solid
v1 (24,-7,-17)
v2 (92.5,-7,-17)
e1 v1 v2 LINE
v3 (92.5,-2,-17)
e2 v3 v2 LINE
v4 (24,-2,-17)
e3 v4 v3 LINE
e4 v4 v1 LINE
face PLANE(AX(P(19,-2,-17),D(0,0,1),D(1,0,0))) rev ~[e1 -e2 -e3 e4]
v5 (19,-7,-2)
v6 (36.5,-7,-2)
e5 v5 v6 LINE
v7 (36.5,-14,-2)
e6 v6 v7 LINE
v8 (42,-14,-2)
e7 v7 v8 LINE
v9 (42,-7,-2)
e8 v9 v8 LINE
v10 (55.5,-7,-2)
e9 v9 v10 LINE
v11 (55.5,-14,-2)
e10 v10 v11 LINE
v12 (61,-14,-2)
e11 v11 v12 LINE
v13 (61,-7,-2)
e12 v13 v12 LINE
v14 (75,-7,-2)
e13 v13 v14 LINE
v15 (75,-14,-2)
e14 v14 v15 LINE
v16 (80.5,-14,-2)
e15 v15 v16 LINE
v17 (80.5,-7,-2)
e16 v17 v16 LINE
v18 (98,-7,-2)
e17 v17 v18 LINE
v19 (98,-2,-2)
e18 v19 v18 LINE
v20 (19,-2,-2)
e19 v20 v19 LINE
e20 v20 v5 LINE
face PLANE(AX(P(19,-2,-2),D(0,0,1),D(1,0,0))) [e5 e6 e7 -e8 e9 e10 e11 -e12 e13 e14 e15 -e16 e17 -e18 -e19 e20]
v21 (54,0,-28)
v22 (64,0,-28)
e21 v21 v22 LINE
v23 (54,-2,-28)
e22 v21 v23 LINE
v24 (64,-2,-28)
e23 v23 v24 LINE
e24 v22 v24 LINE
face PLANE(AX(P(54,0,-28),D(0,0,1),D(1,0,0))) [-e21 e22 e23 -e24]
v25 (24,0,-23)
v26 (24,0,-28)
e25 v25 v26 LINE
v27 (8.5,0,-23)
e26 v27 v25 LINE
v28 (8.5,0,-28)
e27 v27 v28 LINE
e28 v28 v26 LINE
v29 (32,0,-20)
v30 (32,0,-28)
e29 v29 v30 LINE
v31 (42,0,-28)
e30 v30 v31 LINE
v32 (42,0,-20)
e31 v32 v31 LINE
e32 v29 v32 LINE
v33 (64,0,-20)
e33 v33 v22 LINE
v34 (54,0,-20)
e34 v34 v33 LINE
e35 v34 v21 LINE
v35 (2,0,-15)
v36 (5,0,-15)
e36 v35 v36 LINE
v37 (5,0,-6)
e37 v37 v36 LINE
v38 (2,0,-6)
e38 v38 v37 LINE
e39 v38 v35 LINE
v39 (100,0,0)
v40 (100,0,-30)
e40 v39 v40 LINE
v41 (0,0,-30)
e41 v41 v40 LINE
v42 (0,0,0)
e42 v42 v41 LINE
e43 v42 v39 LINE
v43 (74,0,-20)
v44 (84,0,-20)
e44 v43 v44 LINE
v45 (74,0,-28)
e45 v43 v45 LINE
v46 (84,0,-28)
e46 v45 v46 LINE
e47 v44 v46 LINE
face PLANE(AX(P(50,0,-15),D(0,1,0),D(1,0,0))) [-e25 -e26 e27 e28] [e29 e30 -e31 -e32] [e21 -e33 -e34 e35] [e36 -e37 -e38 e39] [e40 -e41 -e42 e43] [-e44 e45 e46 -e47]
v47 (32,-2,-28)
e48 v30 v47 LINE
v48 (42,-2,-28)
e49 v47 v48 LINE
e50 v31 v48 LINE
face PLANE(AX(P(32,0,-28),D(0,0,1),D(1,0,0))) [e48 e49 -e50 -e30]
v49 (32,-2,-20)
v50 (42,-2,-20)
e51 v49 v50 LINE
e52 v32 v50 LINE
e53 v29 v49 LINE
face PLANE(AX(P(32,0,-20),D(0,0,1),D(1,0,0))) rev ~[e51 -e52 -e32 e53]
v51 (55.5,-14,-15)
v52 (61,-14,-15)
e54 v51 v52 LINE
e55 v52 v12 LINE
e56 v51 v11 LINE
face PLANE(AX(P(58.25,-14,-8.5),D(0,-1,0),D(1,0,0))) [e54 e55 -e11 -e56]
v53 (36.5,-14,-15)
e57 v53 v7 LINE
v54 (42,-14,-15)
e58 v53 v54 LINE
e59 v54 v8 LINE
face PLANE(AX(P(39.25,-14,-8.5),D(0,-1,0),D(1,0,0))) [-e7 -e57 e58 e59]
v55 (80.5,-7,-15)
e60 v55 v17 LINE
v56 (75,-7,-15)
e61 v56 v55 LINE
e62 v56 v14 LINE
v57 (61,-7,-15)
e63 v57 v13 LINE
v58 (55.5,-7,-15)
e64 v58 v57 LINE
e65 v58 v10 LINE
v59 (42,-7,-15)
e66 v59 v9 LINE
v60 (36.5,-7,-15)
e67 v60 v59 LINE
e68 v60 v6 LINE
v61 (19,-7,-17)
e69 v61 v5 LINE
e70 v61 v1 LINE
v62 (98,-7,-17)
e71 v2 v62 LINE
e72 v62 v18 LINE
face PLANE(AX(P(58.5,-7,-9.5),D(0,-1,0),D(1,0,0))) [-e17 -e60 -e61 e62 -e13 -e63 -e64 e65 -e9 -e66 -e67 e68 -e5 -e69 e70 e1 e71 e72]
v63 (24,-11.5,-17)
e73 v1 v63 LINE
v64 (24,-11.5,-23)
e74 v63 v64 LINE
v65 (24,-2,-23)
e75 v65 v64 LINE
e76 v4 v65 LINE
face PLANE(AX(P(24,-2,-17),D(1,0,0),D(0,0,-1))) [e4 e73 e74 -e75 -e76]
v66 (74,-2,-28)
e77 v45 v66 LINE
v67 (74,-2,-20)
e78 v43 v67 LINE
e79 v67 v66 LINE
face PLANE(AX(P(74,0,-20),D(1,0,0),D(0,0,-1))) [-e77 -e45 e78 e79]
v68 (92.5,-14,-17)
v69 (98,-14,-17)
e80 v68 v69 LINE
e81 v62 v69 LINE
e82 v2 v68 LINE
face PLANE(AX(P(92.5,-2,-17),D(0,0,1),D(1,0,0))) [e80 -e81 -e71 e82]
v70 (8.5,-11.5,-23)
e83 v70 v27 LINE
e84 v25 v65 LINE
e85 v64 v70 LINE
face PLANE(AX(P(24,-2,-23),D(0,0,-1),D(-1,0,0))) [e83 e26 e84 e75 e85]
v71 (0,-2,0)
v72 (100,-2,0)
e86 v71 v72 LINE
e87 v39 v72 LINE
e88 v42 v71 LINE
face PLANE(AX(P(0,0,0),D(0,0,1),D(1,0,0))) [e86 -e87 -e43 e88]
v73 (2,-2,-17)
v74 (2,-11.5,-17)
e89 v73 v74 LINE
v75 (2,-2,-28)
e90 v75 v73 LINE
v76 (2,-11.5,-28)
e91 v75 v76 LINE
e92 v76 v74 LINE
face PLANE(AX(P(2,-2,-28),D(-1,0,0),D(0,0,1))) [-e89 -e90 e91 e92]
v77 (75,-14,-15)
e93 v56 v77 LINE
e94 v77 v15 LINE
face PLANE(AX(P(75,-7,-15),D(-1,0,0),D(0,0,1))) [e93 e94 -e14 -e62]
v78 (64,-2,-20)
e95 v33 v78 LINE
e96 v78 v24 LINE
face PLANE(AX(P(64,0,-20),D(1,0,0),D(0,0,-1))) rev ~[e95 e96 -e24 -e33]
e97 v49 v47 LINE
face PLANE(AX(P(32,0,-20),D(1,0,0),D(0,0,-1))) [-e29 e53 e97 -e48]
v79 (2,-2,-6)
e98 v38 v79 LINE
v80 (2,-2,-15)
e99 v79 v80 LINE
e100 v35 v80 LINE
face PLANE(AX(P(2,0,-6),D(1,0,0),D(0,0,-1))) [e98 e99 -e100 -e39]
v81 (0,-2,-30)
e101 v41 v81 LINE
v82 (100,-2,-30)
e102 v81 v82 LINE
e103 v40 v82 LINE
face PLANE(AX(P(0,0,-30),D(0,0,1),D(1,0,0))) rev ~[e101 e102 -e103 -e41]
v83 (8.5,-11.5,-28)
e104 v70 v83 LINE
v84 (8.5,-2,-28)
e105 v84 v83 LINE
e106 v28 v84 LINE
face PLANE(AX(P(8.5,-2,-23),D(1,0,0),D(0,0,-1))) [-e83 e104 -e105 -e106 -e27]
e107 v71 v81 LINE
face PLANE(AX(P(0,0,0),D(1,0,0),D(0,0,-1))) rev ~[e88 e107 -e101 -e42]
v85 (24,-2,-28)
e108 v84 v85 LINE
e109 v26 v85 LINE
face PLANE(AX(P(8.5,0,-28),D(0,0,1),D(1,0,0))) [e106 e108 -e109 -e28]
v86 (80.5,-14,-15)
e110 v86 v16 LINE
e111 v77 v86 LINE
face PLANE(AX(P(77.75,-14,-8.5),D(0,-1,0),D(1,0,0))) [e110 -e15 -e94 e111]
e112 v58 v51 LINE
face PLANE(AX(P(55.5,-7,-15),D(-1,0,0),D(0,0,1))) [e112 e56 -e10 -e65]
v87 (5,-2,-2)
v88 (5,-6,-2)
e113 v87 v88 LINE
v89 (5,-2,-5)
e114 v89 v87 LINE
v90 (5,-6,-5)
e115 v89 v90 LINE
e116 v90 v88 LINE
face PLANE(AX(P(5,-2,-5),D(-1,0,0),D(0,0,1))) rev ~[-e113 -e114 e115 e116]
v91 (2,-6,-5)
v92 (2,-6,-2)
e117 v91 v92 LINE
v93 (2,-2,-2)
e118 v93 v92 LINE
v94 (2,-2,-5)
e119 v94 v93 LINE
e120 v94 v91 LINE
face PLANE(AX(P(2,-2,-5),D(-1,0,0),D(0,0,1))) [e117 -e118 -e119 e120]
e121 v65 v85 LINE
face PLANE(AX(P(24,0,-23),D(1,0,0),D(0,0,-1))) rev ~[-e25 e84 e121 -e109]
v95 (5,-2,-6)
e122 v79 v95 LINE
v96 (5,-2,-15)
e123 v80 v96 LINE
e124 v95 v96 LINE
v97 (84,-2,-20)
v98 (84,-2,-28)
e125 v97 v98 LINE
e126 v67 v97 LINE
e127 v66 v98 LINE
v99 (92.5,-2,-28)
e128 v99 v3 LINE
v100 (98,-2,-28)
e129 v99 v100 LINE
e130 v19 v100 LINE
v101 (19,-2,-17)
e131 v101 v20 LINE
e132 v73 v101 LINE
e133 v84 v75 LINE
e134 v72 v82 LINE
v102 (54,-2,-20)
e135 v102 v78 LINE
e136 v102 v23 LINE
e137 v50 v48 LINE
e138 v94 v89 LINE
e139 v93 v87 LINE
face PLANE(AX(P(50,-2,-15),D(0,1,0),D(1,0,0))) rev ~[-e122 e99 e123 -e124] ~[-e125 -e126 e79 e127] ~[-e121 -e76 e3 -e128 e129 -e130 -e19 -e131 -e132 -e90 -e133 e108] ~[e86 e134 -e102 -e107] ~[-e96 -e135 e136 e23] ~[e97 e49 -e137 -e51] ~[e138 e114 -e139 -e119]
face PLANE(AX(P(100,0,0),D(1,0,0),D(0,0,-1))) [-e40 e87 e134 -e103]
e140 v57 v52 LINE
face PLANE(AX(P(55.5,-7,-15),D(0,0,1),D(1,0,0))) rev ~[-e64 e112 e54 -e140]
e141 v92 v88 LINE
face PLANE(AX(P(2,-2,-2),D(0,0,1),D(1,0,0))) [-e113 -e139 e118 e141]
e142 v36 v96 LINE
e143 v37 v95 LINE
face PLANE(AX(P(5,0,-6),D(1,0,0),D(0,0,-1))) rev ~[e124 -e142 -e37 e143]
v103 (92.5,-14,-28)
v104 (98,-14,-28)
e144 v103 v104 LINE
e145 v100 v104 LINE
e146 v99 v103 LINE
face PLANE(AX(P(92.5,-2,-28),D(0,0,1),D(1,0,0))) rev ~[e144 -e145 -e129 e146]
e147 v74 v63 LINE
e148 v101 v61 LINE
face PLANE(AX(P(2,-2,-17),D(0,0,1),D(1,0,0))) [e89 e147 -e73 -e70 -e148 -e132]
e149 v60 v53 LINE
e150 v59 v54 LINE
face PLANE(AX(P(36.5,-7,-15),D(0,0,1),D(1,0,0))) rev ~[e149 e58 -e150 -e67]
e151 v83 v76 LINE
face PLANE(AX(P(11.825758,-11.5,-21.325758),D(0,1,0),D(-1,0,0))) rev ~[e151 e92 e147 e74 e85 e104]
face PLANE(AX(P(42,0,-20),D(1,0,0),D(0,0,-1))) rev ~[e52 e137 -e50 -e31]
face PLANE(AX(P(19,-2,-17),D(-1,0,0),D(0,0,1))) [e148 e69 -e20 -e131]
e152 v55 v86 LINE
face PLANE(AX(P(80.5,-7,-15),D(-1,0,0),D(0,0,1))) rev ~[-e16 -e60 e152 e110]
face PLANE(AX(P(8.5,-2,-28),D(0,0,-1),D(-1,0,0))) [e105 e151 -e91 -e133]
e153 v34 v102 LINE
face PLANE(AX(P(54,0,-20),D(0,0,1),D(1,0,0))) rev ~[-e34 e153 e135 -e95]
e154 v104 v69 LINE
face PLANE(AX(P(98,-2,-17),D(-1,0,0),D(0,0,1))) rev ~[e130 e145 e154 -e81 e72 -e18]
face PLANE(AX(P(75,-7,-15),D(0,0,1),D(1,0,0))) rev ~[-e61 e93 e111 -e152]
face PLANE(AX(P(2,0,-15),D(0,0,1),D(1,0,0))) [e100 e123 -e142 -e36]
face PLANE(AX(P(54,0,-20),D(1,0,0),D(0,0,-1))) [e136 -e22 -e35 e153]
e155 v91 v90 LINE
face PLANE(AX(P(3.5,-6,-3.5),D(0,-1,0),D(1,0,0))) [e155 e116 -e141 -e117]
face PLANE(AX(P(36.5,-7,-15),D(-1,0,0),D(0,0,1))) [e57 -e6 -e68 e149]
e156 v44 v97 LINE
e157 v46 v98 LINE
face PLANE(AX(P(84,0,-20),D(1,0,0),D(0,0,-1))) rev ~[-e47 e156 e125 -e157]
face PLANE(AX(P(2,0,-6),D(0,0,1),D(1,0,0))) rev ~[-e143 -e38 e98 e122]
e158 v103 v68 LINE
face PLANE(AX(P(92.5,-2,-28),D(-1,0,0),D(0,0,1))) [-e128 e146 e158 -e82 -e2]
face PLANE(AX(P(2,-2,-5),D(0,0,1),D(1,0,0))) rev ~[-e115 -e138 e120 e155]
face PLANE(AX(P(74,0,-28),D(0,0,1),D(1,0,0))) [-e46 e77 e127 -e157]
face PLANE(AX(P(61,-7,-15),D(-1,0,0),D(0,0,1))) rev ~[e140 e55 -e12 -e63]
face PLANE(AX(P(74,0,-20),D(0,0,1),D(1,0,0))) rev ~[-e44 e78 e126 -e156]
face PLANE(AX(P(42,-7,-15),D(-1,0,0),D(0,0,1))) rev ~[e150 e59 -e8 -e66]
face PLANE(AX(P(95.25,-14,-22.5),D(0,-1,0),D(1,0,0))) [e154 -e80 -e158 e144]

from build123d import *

# Parameters (mm, degrees)
SKETCH1_W            = 100
SKETCH1_H            = 30
SKETCH1_W_2          = 3
SKETCH1_H_2          = 9
SKETCH1_W_3          = 10
SKETCH1_H_3          = 8
SKETCH1_W_4          = 15.5
SKETCH1_H_4          = 5
BOSS_EXTRUDE3_DEPTH  = 2
SKETCH2_W            = 5.5
SKETCH2_H            = 11
BOSS_EXTRUDE4_DEPTH  = 12
BOSS_EXTRUDE5_DEPTH  = 9.5
SKETCH9_W            = 3
SKETCH9_H            = 3
BOSS_EXTRUDE17_DEPTH = 4
SKETCH12_W           = 79
SKETCH12_H           = 15
BOSS_EXTRUDE22_DEPTH = 5
SKETCH13_W           = 5.5
SKETCH13_H           = 13
BOSS_EXTRUDE23_DEPTH = 7


with BuildPart() as part:
    # Sketch1 → Boss-Extrude3 (new body)
    with BuildSketch(Plane(origin=(0, 0, 0), x_dir=(1, 0, 0), z_dir=(0, 1, 0))):
        with Locations((50, 15)):
            Rectangle(SKETCH1_W, SKETCH1_H)
        with Locations((3.5, 10.5)):
            Rectangle(SKETCH1_W_2, SKETCH1_H_2, mode=Mode.SUBTRACT)
        with Locations((79, 24)):
            Rectangle(SKETCH1_W_3, SKETCH1_H_3, mode=Mode.SUBTRACT)
        with Locations((59, 24)):
            Rectangle(SKETCH1_W_3, SKETCH1_H_3, mode=Mode.SUBTRACT)
        with Locations((37, 24)):
            Rectangle(SKETCH1_W_3, SKETCH1_H_3, mode=Mode.SUBTRACT)
        with Locations((16.25, 25.5)):
            Rectangle(SKETCH1_W_4, SKETCH1_H_4, mode=Mode.SUBTRACT)
    extrude(amount=-BOSS_EXTRUDE3_DEPTH)

    # Sketch2 → Boss-Extrude4 (add)
    with BuildSketch(Plane.XZ.offset(2)):
        with Locations((95.25, -22.5)):
            Rectangle(SKETCH2_W, SKETCH2_H)
    extrude(amount=BOSS_EXTRUDE4_DEPTH)

    # Sketch3 → Boss-Extrude5 (add)
    with BuildSketch(Plane.XZ.offset(2)):
        Polygon((24, -17), (24, -23), (8.5, -23), (8.5, -28), (2, -28), (2, -17), align=None)
    extrude(amount=BOSS_EXTRUDE5_DEPTH)

    # Sketch9 → Boss-Extrude17 (add)
    with BuildSketch(Plane.XZ.offset(2)):
        with Locations((3.5, -3.5)):
            Rectangle(SKETCH9_W, SKETCH9_H)
    extrude(amount=BOSS_EXTRUDE17_DEPTH)

    # Sketch12 → Boss-Extrude22 (add)
    with BuildSketch(Plane.XZ.offset(2)):
        with Locations((58.5, -9.5)):
            Rectangle(SKETCH12_W, SKETCH12_H)
    extrude(amount=BOSS_EXTRUDE22_DEPTH)

    # Sketch13 → Boss-Extrude23 (add)
    with BuildSketch(Plane.XZ.offset(7)):
        with Locations((39.25, -8.5)):
            Rectangle(SKETCH13_W, SKETCH13_H)
        with Locations((58.25, -8.5)):
            Rectangle(SKETCH13_W, SKETCH13_H)
        with Locations((77.75, -8.5)):
            Rectangle(SKETCH13_W, SKETCH13_H)
    extrude(amount=BOSS_EXTRUDE23_DEPTH)


solid = part.part
